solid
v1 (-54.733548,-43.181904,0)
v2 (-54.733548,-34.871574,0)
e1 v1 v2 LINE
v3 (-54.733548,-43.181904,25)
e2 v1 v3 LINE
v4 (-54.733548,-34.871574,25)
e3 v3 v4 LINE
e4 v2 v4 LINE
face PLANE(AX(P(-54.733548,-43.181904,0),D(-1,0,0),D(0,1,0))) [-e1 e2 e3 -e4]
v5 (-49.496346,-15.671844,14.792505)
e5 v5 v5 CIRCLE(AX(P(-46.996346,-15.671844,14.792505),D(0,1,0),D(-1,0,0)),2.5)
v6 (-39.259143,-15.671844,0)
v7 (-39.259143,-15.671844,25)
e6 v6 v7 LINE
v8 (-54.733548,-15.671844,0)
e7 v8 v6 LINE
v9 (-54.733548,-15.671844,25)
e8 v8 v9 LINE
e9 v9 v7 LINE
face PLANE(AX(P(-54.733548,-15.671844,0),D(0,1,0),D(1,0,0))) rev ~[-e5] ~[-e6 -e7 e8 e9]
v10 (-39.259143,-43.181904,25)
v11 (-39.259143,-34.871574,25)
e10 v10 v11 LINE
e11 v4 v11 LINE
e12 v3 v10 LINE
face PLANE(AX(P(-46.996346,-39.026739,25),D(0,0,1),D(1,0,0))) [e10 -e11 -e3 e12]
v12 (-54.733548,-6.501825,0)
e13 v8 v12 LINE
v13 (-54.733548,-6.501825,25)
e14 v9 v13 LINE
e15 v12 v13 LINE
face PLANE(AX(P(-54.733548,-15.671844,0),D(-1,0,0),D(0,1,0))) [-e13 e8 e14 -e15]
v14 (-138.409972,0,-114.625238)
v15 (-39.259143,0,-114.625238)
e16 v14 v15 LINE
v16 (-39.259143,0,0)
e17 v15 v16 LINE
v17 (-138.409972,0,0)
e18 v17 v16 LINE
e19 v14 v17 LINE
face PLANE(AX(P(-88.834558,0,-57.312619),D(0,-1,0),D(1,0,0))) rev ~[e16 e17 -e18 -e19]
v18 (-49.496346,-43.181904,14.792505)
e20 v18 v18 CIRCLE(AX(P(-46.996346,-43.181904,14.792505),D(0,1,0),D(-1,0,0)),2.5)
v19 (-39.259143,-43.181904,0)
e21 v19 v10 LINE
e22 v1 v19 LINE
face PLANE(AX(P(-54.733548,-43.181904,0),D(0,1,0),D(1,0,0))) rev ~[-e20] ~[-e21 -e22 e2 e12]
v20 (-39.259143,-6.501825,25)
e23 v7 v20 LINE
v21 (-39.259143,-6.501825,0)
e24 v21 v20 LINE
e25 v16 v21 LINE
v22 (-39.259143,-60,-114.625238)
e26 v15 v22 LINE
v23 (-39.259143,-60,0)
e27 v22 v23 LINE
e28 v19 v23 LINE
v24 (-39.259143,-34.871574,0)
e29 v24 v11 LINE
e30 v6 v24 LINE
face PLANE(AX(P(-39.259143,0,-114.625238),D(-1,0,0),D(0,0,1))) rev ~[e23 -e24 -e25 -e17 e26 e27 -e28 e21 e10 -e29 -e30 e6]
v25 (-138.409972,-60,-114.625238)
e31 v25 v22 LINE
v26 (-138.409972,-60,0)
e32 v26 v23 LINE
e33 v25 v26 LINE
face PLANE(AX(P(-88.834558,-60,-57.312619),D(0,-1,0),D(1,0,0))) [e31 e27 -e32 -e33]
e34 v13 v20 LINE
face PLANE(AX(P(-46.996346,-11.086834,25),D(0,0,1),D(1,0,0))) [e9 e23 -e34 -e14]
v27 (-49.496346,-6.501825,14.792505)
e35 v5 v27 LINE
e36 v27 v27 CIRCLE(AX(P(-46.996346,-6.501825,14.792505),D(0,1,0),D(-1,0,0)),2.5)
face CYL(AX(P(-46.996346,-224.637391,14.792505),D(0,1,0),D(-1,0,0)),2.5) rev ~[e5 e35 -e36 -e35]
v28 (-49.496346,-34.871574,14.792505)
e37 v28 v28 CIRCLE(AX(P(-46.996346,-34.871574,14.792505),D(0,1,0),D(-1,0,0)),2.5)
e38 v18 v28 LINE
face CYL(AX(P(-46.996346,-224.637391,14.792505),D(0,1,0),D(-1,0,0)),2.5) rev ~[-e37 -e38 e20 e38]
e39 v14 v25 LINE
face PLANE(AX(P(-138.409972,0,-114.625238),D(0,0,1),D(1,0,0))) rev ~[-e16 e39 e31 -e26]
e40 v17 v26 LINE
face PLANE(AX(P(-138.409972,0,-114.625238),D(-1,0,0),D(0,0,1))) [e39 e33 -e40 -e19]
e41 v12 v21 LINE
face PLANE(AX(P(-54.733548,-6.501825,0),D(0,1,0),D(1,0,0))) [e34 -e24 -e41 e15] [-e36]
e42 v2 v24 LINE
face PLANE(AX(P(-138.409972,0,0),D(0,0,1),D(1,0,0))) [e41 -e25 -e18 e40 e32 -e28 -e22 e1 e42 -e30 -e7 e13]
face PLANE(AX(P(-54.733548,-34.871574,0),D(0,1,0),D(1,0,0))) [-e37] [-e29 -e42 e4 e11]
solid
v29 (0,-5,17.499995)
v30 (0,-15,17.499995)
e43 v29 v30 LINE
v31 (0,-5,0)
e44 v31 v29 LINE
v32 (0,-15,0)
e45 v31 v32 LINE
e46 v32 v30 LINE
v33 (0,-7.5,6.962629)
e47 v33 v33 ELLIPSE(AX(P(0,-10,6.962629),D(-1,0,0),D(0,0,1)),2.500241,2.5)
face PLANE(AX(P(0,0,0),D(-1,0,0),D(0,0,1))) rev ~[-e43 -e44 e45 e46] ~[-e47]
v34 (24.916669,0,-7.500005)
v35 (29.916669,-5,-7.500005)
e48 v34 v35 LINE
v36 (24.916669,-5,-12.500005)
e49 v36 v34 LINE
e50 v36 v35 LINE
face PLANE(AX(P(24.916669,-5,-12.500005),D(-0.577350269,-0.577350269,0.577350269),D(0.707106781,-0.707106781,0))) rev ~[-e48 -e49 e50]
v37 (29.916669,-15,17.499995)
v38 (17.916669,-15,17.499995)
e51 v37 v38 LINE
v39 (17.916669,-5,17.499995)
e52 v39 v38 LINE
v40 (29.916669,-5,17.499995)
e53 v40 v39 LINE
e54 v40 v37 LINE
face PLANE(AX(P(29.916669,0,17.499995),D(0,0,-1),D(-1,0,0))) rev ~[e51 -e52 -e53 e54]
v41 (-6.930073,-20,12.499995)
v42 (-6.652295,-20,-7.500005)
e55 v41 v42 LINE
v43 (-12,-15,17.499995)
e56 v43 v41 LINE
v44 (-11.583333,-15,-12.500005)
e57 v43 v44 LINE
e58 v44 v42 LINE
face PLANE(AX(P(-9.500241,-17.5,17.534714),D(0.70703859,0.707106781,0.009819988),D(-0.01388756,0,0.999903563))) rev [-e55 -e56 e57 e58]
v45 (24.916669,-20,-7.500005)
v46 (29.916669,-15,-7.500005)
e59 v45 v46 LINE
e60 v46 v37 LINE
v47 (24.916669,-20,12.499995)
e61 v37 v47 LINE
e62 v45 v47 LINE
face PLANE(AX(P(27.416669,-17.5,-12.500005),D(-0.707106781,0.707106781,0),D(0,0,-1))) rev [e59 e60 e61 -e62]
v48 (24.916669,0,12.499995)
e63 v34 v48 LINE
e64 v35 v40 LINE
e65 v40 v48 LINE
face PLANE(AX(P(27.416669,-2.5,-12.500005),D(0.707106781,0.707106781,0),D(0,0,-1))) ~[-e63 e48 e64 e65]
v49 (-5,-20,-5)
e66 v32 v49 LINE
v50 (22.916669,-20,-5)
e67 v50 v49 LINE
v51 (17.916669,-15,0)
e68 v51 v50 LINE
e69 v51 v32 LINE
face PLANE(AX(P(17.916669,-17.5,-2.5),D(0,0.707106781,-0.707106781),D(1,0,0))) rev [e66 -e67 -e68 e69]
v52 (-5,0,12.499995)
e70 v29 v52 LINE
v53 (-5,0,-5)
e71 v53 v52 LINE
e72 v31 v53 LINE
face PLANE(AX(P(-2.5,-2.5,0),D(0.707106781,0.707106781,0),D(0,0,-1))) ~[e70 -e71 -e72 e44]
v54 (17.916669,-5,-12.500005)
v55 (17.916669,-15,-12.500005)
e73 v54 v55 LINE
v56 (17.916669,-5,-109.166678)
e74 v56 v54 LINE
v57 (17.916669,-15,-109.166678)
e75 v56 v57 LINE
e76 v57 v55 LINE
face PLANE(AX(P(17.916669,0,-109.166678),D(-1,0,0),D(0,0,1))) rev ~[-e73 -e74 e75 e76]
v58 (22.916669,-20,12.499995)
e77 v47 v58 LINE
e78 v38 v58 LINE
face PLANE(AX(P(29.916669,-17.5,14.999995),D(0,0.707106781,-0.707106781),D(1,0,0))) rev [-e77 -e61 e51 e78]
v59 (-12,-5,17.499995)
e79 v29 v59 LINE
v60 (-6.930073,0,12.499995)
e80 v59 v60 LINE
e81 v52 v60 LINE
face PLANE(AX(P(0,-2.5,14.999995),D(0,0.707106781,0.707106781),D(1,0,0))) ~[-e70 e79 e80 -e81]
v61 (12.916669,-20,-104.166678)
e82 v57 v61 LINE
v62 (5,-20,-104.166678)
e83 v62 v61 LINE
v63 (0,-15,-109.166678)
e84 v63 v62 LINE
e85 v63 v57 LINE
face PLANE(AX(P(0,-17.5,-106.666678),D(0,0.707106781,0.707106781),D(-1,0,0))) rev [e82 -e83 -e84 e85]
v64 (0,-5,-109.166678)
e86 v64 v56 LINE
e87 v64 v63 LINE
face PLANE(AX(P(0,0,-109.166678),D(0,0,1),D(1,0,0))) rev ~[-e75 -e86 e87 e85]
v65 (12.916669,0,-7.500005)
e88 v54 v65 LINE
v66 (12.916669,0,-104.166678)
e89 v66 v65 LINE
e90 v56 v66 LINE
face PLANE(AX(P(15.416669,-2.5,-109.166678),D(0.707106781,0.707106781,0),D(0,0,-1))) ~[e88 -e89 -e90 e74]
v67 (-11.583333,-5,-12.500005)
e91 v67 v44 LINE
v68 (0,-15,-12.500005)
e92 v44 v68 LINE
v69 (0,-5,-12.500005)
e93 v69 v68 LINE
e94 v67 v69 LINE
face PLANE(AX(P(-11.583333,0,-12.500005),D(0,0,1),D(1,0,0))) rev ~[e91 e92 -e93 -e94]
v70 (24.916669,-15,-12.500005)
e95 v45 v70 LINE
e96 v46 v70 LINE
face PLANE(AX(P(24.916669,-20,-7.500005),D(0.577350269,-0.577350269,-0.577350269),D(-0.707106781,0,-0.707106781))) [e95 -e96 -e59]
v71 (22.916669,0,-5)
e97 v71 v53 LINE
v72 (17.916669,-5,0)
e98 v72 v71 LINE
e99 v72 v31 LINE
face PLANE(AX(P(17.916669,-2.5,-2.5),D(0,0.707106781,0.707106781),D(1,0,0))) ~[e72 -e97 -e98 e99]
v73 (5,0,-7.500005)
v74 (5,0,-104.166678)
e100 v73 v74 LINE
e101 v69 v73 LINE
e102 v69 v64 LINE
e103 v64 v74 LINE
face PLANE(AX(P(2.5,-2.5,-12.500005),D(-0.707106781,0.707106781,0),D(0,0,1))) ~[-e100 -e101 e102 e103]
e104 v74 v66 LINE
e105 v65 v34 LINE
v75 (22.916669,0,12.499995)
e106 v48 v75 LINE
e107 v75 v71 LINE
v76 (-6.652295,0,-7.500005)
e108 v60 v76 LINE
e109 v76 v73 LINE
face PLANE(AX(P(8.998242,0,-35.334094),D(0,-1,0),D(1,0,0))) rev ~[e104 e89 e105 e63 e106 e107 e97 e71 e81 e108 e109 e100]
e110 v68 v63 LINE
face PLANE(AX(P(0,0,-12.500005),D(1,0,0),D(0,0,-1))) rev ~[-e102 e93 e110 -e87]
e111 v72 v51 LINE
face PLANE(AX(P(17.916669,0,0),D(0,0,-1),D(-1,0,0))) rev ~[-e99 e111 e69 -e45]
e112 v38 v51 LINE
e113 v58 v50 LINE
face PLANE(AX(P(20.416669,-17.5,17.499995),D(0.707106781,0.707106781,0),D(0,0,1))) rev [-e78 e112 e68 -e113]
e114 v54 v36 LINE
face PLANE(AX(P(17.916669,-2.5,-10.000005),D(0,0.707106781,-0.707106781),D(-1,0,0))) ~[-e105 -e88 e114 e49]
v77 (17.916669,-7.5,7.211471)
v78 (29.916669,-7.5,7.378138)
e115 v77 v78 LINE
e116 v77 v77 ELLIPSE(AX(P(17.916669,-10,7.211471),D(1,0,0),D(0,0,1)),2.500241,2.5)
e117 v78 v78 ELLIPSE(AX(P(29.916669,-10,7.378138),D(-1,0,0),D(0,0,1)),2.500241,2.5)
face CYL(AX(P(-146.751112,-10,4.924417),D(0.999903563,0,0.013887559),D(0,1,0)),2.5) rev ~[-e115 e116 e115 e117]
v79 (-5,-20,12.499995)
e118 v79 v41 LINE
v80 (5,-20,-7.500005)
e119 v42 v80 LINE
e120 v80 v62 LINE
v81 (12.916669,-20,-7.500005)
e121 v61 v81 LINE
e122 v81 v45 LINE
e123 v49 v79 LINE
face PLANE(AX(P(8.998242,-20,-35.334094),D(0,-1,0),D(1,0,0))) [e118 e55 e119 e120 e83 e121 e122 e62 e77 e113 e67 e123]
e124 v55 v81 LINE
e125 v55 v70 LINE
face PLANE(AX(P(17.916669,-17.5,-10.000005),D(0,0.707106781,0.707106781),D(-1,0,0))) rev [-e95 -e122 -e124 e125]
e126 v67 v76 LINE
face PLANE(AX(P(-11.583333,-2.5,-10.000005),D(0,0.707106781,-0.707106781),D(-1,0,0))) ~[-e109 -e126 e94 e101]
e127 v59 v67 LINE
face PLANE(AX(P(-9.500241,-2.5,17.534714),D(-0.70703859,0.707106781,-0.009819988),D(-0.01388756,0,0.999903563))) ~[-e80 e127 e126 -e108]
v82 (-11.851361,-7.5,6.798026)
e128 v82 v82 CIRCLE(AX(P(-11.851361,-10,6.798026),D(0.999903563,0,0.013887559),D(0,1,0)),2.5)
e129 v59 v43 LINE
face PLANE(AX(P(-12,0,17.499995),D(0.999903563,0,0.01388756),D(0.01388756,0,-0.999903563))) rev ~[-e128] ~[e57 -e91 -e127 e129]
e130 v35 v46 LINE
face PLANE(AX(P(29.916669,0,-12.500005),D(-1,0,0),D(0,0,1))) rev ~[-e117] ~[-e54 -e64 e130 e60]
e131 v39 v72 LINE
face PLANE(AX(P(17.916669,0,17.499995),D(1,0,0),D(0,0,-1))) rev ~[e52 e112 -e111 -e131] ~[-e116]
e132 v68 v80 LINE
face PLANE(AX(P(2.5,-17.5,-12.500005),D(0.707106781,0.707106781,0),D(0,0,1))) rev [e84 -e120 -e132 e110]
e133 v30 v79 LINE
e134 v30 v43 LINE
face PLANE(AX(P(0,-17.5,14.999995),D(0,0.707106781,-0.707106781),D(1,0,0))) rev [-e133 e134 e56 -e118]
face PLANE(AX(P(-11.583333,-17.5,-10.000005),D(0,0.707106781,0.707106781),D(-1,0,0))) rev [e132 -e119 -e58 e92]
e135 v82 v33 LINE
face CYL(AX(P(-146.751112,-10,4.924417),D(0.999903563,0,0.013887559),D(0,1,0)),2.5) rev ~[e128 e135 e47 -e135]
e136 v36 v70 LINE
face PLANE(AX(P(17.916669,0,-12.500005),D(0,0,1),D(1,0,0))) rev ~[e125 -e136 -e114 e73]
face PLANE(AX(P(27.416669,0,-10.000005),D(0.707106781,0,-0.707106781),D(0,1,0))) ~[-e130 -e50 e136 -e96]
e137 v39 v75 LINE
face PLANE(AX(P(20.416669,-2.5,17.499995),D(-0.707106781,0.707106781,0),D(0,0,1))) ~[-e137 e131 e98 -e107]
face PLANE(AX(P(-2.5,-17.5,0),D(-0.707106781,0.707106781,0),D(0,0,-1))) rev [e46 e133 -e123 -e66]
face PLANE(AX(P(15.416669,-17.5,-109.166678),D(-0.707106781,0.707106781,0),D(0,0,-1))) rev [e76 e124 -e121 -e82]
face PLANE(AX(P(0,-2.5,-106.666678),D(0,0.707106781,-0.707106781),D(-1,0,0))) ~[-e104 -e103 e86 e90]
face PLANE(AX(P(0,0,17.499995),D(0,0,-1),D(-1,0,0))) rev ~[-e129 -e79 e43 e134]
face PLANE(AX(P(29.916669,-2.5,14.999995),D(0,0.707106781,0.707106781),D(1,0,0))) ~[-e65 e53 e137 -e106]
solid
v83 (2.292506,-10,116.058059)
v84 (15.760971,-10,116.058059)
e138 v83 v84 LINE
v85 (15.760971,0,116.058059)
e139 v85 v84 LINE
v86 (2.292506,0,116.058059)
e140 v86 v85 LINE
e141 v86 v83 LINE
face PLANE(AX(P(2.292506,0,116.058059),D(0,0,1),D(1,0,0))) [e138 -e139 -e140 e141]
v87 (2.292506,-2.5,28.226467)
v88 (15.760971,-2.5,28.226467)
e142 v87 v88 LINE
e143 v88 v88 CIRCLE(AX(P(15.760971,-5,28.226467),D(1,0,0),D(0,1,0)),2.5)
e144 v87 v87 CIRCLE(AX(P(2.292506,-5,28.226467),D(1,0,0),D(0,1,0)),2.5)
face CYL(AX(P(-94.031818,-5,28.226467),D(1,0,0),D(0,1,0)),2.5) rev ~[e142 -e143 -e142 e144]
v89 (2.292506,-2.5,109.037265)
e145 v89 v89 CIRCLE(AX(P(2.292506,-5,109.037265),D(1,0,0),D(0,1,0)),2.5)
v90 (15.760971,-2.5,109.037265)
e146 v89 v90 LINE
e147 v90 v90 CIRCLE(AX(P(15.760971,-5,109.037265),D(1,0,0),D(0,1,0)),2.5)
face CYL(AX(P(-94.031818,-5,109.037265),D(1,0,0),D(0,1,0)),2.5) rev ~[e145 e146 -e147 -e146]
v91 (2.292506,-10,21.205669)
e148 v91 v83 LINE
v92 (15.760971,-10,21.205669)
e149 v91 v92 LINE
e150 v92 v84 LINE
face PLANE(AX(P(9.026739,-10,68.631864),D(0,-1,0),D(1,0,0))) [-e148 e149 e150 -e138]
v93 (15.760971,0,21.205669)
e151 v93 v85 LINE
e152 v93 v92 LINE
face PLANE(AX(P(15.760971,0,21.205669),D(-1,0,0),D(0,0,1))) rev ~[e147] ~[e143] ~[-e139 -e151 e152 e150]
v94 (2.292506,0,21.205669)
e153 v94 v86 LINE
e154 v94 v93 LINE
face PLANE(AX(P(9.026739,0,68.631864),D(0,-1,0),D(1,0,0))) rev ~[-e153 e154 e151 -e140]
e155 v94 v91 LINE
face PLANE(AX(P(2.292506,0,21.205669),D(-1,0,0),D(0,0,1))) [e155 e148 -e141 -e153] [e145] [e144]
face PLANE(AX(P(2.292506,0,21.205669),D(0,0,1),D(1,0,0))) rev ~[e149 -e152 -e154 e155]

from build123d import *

# Parameters (mm, degrees)
F1_DEPTH  = 20
F2_SIZE   = 5
F4_D      = 5
F5_W      = 13.4684653021
F5_H      = 94.8523897678
F6_DEPTH  = 10
F8_D      = 5
F9_W      = 99.1508290172
F9_H      = 114.6252378821
F10_DEPTH = 60
F11_W     = 15.4744051397
F11_H     = 9.1700186022
F11_H_2   = 8.310329169
F12_DEPTH = 25
F14_D     = 5


with BuildPart() as f1:
    # F0 (on Front) → F1 (new body)
    with BuildSketch(Plane.XZ):
        Polygon((0, 17.4999950348), (-12, 17.4999950348), (-11.5833330324, -12.5000049652), (0, -12.5000049652), (0, -109.1666778008), (17.9166687731, -109.1666778008), (17.9166687731, -12.5000049652), (29.9166687731, -12.5000049652), (29.9166687731, 17.4999950348), (17.9166687731, 17.4999950348), (17.9166687731, 0), (0, 0), align=None)
    extrude(amount=F1_DEPTH)

    # F2
    f2_edges = [f1.edges().sort_by_distance(p)[0] for p in [
        (29.916669, 0, 2.499995),
        (23.916669, 0, 17.499995),
        (17.916669, 0, 8.749998),
        (8.958334, 0, 0),
        (0, 0, 8.749998),
        (-6, 0, 17.499995),
        (-11.791667, 0, 2.499995),
        (-5.791667, 0, -12.500005),
        (0, 0, -60.833341),
        (8.958334, 0, -109.166678),
        (17.916669, 0, -60.833341),
        (23.916669, 0, -12.500005),
        (29.916669, -10, -12.500005),
        (29.916669, -20, 2.499995),
        (23.916669, -20, 17.499995),
        (17.916669, -20, 8.749998),
        (8.958334, -20, 0),
        (0, -20, 8.749998),
        (-6, -20, 17.499995),
        (-11.791667, -20, 2.499995),
        (-5.791667, -20, -12.500005),
        (0, -20, -60.833341),
        (8.958334, -20, -109.166678),
        (17.916669, -20, -60.833341),
        (23.916669, -20, -12.500005),
    ]]
    chamfer(f2_edges, length=F2_SIZE)

    # F4 (through all)
    with Locations(Plane(origin=(-11.7546768429, 0, -0.1632595185), x_dir=(0, -1, 0), z_dir=(-0.9999035632, 0, -0.0138875595))):
        with Locations((10, 6.9619570859)):
            Hole(F4_D / 2)


with BuildPart() as f6:
    # F5 (on Front) → F6 (new body)
    with BuildSketch(Plane.XZ):
        with Locations((9.0267385822, 68.6318641528)):
            Rectangle(F5_W, F5_H)
    extrude(amount=F6_DEPTH)

    # F8 (through all)
    with Locations(Plane(origin=(2.2925059311, 0, 0), x_dir=(0, -1, 0), z_dir=(-1, 0, 0))):
        with Locations((5, 109.0372651815), (5, 28.2264668494)):
            Hole(F8_D / 2)


with BuildPart() as f10:
    # F9 (on Front) → F10 (new body)
    with BuildSketch(Plane.XZ):
        with Locations((-88.8345576823, -57.3126189411)):
            Rectangle(F9_W, F9_H)
    extrude(amount=F10_DEPTH)

    # F11 (on face) → F12 (join)
    with BuildSketch(Plane.XY):
        with Locations((-46.9963457435, -11.0868343618)):
            Rectangle(F11_W, F11_H)
        with Locations((-46.9963457435, -39.0267390758)):
            Rectangle(F11_W, F11_H_2)
    extrude(amount=F12_DEPTH)

    # F14 (through all)
    with Locations(Plane.XZ.offset(43.1819036603)):
        with Locations((-46.9963457435, 14.7925047204)):
            Hole(F14_D / 2)


solid = Compound([f1.part, f6.part, f10.part])
